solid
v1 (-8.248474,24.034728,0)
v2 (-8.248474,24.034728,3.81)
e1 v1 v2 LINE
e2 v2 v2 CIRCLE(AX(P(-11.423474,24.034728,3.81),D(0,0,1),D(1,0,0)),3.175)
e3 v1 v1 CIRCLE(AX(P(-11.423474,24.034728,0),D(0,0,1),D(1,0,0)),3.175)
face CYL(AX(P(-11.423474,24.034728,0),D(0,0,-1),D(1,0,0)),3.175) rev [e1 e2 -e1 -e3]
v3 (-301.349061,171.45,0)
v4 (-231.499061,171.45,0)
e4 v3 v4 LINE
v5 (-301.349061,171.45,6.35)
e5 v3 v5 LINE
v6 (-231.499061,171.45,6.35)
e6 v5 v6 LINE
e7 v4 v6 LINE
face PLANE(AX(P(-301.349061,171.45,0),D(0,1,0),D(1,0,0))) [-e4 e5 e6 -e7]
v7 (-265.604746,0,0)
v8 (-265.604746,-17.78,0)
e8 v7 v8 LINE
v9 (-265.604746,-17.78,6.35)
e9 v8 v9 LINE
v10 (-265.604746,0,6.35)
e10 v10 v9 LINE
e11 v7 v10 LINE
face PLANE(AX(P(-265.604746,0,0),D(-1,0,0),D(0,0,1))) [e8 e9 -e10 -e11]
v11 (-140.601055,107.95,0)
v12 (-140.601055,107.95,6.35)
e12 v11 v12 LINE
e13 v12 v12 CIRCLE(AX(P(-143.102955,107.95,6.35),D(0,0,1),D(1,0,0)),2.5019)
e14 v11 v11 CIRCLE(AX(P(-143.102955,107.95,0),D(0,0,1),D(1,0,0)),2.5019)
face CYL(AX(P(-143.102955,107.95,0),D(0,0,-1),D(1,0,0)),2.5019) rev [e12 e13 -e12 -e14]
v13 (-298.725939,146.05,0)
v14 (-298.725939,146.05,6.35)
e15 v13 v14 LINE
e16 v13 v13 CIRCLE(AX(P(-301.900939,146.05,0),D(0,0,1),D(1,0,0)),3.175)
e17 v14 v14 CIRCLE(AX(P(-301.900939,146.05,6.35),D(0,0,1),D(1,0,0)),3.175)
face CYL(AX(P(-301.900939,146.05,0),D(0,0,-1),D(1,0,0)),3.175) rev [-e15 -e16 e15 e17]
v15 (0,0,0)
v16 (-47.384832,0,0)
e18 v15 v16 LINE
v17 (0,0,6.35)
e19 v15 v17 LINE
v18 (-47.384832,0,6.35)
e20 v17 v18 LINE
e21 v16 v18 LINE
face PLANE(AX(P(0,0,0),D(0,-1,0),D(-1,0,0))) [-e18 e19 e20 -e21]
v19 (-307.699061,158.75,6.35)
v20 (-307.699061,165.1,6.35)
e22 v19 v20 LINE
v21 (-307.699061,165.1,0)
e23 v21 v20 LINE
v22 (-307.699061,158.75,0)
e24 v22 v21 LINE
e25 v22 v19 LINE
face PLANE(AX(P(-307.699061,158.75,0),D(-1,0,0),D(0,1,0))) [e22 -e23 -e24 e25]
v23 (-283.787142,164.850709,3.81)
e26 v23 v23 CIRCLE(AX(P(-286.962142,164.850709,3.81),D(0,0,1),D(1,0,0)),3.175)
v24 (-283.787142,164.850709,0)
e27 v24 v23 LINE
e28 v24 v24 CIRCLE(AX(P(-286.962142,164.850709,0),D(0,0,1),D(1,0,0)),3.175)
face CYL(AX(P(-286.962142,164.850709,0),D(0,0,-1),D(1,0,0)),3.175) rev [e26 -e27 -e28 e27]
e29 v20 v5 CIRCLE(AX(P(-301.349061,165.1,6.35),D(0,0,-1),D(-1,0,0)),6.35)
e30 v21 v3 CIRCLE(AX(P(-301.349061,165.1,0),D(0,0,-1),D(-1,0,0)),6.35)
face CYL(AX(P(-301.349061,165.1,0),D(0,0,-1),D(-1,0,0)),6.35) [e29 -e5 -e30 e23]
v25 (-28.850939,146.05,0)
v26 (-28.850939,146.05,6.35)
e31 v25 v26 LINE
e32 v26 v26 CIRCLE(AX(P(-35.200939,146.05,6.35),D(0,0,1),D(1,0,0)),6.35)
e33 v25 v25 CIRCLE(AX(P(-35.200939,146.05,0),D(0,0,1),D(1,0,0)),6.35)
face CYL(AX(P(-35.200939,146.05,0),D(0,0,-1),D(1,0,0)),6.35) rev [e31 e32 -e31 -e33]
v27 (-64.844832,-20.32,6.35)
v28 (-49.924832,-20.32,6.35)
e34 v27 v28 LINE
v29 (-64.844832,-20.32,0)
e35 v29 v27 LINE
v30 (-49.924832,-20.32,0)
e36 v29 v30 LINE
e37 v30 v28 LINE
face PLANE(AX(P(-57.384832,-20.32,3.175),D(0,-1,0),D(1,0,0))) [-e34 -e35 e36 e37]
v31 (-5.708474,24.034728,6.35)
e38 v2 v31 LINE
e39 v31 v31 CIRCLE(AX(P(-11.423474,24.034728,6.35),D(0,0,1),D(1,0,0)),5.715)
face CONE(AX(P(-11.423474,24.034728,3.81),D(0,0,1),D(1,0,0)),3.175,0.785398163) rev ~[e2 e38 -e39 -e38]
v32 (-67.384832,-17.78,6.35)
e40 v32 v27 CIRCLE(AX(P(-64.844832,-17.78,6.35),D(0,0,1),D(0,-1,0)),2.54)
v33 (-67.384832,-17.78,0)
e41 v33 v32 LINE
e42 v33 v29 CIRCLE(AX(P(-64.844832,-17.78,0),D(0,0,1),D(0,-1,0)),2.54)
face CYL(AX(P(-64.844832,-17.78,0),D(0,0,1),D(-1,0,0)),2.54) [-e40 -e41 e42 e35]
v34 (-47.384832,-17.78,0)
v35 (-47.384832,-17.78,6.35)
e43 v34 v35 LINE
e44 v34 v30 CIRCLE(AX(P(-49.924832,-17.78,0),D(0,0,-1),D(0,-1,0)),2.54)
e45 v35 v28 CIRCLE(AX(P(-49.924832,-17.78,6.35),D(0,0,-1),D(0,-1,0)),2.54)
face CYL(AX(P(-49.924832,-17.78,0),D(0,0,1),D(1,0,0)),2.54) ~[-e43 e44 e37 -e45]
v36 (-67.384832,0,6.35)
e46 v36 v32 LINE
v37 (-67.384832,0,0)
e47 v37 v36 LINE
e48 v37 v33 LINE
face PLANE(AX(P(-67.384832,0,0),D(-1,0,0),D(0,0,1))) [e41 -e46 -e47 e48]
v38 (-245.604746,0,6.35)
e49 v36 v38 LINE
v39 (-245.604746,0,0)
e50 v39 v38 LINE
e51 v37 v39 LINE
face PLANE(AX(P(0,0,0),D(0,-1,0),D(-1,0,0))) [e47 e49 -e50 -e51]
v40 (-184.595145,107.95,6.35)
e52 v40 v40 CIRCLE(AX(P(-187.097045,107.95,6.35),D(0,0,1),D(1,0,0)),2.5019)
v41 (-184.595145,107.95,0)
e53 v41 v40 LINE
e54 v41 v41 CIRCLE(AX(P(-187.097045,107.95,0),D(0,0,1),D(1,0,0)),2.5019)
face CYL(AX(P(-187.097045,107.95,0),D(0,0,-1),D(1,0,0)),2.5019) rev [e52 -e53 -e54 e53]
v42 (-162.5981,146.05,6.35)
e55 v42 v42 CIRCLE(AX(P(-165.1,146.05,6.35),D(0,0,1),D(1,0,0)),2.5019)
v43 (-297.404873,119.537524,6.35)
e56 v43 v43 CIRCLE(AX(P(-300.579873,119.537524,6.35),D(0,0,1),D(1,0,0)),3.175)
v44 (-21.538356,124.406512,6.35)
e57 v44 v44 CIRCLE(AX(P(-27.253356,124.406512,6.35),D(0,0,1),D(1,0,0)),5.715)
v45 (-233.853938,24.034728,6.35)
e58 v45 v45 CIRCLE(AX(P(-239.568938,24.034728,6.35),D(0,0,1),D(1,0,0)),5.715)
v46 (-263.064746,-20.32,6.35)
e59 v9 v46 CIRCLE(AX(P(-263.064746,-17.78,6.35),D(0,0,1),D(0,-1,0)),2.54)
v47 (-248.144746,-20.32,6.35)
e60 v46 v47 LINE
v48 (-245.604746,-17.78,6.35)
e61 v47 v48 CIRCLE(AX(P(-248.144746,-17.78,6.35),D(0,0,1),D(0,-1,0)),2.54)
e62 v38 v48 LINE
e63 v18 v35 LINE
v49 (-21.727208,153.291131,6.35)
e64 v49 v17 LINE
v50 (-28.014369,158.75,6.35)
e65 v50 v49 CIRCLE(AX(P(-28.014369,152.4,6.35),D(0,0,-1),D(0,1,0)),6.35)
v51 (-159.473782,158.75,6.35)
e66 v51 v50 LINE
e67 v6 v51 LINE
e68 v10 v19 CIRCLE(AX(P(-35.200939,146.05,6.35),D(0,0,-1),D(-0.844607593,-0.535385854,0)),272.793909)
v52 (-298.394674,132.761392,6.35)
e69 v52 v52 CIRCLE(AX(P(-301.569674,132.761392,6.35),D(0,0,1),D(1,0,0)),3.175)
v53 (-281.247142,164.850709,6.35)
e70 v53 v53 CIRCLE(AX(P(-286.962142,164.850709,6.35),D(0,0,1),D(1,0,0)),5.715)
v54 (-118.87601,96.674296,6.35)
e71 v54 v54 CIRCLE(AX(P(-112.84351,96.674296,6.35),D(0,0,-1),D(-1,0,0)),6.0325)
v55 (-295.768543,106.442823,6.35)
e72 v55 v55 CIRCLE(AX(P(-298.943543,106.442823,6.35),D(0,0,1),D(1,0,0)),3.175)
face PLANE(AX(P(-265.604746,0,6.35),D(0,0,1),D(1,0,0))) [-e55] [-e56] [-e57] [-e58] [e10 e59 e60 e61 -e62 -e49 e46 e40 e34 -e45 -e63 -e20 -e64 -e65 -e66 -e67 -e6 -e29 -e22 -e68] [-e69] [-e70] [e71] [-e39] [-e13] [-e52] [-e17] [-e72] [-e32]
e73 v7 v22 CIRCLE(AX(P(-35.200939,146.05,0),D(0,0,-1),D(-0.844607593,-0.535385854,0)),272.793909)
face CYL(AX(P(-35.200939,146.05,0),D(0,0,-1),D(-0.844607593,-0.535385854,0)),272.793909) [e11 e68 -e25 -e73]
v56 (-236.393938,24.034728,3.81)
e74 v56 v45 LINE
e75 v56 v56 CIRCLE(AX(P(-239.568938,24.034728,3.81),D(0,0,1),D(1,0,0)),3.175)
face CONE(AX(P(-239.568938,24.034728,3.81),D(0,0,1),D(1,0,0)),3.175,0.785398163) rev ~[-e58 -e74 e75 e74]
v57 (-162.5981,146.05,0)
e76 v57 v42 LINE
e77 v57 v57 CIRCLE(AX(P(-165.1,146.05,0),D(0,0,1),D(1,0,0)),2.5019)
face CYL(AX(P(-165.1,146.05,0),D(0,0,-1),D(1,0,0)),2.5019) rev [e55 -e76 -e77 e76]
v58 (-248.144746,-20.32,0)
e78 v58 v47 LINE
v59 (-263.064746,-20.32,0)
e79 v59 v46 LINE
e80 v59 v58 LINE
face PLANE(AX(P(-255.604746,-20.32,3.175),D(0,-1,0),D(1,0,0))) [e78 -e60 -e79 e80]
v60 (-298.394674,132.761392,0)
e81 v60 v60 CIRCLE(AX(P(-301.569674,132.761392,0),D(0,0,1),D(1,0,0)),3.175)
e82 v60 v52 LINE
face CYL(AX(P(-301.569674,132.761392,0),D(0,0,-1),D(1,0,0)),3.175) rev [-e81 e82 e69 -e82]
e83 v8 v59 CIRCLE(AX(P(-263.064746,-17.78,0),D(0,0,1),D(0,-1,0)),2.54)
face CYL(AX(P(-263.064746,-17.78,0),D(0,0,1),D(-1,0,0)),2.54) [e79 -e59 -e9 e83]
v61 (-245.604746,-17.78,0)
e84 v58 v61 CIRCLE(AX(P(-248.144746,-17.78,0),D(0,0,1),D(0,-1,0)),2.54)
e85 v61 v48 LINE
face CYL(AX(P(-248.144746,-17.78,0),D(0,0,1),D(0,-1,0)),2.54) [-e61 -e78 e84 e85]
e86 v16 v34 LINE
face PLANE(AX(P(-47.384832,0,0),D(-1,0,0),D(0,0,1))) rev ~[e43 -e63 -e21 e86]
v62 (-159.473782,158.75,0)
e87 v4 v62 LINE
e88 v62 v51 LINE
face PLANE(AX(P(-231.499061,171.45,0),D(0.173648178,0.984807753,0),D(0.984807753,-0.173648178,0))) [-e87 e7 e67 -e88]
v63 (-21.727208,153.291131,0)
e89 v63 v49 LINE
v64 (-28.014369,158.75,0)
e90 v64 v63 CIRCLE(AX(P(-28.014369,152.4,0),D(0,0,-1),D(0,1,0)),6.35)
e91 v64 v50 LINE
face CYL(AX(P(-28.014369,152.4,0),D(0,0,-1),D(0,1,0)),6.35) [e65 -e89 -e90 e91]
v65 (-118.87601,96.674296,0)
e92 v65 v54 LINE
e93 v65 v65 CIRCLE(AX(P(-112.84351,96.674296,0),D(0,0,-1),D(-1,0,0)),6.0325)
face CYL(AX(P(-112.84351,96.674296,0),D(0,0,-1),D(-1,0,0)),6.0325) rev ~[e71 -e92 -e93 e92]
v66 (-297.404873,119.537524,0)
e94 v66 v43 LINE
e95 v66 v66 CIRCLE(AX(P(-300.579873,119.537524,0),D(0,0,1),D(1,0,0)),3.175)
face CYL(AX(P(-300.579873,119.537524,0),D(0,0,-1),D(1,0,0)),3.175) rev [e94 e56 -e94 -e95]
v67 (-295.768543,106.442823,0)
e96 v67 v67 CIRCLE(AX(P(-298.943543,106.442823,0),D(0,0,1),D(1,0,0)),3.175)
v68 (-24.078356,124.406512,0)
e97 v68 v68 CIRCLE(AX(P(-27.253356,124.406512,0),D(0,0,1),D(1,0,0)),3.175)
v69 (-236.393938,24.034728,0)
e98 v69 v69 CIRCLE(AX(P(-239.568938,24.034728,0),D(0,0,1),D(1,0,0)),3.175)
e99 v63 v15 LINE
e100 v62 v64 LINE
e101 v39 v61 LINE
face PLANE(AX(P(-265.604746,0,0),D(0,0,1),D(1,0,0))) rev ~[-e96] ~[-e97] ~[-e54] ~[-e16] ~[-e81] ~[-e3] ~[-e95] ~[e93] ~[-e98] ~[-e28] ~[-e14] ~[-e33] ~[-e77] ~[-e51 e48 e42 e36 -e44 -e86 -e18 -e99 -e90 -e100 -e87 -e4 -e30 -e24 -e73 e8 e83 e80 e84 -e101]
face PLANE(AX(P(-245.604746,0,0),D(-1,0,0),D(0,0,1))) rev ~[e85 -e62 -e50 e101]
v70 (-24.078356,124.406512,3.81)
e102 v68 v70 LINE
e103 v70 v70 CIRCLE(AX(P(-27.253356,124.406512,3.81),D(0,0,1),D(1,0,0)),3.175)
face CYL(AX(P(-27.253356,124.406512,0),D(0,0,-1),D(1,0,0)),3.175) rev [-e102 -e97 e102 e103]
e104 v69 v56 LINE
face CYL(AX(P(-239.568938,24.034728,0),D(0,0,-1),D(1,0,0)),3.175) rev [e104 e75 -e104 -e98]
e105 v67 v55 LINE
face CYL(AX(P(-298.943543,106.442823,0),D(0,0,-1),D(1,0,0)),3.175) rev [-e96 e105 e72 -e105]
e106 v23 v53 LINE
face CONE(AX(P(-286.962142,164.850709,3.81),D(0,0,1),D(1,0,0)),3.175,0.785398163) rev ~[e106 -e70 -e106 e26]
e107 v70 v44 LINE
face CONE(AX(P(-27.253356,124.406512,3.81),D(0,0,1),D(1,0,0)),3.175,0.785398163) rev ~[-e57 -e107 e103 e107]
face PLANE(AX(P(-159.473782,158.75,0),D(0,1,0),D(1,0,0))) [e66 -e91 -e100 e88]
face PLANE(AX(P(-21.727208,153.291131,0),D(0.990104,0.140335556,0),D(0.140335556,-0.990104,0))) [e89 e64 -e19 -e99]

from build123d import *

# Parameters (mm, degrees)
SKETCH18_R          = 3.175
SKETCH18_R_2        = 6.35
SKETCH18_R_3        = 2.5019
BOSS_EXTRUDE4_DEPTH = 6.35
CHAMFER1_SIZE       = 2.54
SKETCH19_R          = 6.0325
CUT_EXTRUDE1_DEPTH  = 43.434
SKETCH20_W          = 20
SKETCH20_H          = 6.35
BOSS_EXTRUDE5_DEPTH = 20.32
FILLET1_R           = 2.54


with BuildPart() as part:
    # Sketch18 → Boss-Extrude4 (new body)
    with BuildSketch(Plane.XY):
        with BuildLine():
            Line((0, 0), (-265.604745697, 0))
            ThreePointArc((-265.604745697, 0), (-298.882523776, 76.131915965), (-307.699061234, 158.75))
            Line((-307.699061234, 158.75), (-307.699061234, 165.1))
            ThreePointArc((-307.699061234, 165.1), (-305.839189294, 169.590128061), (-301.349061234, 171.45))
            Line((-301.349061234, 171.45), (-231.499061234, 171.45))
            Line((-231.499061234, 171.45), (-159.473782125, 158.75))
            Line((-159.473782125, 158.75), (-28.014368889, 158.75))
            ThreePointArc((-28.014368889, 158.75), (-23.851207857, 157.194850386), (-21.727208485, 153.291130779))
            Line((-21.727208485, 153.291130779), (0, 0))
        make_face()
        with Locations((-11.423473622, 24.034728138)):
            Circle(SKETCH18_R, mode=Mode.SUBTRACT)
        with Locations((-27.253356194, 124.406511892)):
            Circle(SKETCH18_R, mode=Mode.SUBTRACT)
        with Locations((-35.200938766, 146.05)):
            Circle(SKETCH18_R_2, mode=Mode.SUBTRACT)
        with Locations((-301.900938766, 146.05)):
            Circle(SKETCH18_R, mode=Mode.SUBTRACT)
        with Locations((-301.569673588, 132.761391752)):
            Circle(SKETCH18_R, mode=Mode.SUBTRACT)
        with Locations((-300.579872803, 119.537524267)):
            Circle(SKETCH18_R, mode=Mode.SUBTRACT)
        with Locations((-298.943543444, 106.442822899)):
            Circle(SKETCH18_R, mode=Mode.SUBTRACT)
        with Locations((-239.568937637, 24.034728138)):
            Circle(SKETCH18_R, mode=Mode.SUBTRACT)
        with Locations((-286.962142025, 164.850708953)):
            Circle(SKETCH18_R, mode=Mode.SUBTRACT)
        with Locations((-165.1, 146.05)):
            Circle(SKETCH18_R_3, mode=Mode.SUBTRACT)
        with Locations((-143.102954744, 107.95)):
            Circle(SKETCH18_R_3, mode=Mode.SUBTRACT)
        with Locations((-187.097045256, 107.95)):
            Circle(SKETCH18_R_3, mode=Mode.SUBTRACT)
    extrude(amount=BOSS_EXTRUDE4_DEPTH)

    # Chamfer1
    chamfer1_edges = [part.edges().sort_by_distance(p)[0] for p in [
        (-14.598473622, 24.034728138, 6.35),
        (-30.428356194, 124.406511892, 6.35),
        (-242.743937637, 24.034728138, 6.35),
        (-290.137142025, 164.850708953, 6.35),
    ]]
    chamfer(chamfer1_edges, length=CHAMFER1_SIZE)

    # Sketch19 → Cut-Extrude1 (cut)
    with BuildSketch(Plane(origin=(0, 0, 0), x_dir=(-1, 0, 0), z_dir=(0, 0, -1))):
        with Locations((112.843509564, 96.674296134)):
            Circle(SKETCH19_R)
    extrude(amount=-CUT_EXTRUDE1_DEPTH, mode=Mode.SUBTRACT)

    # Sketch20 → Boss-Extrude5 (add)
    with BuildSketch(Plane.XZ):
        with Locations((-255.604745697, 3.175)):
            Rectangle(SKETCH20_W, SKETCH20_H)
        with Locations((-57.384832148, 3.175)):
            Rectangle(SKETCH20_W, SKETCH20_H)
    extrude(amount=BOSS_EXTRUDE5_DEPTH)

    # Fillet1
    fillet1_edges = [part.edges().sort_by_distance(p)[0] for p in [
        (-265.604745697, -20.32, 3.175),
        (-245.604745697, -20.32, 3.175),
        (-47.384832148, -20.32, 3.175),
        (-67.384832148, -20.32, 3.175),
    ]]
    fillet(fillet1_edges, radius=FILLET1_R)


solid = part.part
